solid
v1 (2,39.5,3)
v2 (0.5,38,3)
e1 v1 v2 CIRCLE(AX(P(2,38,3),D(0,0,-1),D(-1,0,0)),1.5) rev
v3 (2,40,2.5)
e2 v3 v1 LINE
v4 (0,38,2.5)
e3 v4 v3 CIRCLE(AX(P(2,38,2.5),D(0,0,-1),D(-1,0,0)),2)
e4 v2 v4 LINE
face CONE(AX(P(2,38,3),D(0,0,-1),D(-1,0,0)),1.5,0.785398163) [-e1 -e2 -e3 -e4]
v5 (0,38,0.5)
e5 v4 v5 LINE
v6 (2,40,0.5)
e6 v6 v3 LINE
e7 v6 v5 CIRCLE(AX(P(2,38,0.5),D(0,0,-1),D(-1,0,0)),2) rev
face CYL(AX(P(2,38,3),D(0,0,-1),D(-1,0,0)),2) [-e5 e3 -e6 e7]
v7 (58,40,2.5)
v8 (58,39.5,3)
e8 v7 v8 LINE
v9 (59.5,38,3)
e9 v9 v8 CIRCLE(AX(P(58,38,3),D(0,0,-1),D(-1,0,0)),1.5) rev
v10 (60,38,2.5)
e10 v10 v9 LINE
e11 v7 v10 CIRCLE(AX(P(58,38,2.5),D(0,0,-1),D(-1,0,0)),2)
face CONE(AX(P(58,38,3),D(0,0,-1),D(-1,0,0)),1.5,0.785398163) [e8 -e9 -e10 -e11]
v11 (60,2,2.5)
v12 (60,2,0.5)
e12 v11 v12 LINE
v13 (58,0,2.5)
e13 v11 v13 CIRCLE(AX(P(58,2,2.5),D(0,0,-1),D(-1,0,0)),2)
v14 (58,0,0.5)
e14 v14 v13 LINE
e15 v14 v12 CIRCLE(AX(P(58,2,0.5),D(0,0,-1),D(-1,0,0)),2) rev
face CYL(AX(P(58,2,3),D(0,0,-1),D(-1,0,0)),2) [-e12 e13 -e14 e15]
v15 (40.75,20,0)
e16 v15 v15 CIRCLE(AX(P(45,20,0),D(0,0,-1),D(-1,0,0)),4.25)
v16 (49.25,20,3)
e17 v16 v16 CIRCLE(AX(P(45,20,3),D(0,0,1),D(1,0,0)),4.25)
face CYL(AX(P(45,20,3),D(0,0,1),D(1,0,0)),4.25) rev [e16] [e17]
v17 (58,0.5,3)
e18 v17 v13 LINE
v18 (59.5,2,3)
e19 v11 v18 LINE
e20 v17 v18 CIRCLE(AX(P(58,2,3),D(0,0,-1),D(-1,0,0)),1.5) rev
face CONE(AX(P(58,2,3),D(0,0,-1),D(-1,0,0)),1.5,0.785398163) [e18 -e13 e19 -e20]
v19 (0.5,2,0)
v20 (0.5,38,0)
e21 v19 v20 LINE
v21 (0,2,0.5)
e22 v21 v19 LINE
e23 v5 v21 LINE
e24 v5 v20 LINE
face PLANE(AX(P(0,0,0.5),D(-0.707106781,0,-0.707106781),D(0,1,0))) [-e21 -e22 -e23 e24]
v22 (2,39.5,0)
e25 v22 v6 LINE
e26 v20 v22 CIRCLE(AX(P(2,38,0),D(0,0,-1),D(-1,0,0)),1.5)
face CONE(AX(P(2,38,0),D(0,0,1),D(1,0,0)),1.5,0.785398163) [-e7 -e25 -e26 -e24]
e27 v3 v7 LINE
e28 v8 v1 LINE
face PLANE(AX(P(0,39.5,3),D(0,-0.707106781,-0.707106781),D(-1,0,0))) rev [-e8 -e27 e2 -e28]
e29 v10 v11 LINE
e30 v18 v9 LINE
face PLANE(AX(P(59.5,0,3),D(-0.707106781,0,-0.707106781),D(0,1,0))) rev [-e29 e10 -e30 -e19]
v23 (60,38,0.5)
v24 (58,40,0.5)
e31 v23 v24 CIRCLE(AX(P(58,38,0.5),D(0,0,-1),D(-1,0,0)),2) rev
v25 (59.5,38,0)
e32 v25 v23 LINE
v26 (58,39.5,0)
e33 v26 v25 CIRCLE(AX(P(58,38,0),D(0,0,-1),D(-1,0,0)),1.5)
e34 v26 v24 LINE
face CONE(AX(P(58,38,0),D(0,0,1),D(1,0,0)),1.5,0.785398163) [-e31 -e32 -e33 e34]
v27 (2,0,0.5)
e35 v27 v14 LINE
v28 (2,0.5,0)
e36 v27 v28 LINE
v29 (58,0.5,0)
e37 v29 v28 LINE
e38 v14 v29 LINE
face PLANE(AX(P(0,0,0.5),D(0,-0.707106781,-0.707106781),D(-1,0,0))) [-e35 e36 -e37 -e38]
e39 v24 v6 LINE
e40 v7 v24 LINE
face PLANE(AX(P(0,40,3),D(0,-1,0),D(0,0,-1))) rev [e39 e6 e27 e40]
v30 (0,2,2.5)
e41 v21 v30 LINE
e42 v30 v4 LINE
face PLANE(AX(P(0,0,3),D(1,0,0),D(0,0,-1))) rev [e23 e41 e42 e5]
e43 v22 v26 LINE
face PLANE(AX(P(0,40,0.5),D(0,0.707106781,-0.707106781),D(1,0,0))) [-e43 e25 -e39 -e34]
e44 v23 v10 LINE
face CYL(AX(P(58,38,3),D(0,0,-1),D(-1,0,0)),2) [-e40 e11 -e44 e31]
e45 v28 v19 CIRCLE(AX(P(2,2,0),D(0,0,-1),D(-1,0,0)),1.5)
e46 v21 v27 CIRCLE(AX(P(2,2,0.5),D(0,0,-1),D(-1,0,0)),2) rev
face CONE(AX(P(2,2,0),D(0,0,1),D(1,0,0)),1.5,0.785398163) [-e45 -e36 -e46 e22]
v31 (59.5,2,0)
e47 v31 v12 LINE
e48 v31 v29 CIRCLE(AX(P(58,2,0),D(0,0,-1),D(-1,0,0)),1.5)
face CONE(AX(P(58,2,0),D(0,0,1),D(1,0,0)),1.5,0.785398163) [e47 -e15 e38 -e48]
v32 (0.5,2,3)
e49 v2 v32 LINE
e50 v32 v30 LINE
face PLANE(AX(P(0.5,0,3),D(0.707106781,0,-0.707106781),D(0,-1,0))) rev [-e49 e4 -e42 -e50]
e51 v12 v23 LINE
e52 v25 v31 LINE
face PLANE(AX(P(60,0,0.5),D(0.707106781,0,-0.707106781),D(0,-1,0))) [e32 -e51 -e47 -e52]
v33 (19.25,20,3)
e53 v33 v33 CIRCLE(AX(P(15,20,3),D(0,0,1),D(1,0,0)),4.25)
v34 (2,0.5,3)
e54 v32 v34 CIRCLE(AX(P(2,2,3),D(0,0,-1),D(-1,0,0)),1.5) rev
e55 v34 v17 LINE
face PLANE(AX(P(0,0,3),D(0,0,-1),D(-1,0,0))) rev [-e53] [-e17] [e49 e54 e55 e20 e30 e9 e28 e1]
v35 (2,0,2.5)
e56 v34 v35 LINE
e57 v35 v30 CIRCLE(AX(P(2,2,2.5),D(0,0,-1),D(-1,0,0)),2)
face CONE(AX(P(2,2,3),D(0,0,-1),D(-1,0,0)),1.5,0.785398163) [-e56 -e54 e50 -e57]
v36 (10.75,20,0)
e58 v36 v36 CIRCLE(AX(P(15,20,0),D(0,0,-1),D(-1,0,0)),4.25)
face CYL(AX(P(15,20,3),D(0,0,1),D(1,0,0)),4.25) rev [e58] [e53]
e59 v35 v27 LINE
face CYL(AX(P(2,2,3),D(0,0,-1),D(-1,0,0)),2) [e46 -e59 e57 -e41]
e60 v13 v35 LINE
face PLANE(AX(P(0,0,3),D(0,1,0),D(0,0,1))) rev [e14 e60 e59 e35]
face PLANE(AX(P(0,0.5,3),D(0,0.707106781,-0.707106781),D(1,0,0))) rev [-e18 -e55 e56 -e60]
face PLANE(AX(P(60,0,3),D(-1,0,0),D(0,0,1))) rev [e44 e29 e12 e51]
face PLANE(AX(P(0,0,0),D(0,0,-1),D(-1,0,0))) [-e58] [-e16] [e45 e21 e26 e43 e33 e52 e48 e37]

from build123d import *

# Parameters (mm, degrees)
SZKIC1_W                    = 60
SZKIC1_H                    = 40
DODANIE_WYCI_GNI_CIE1_DEPTH = 3
OTW_R_GWINTOWANY_M101_D     = 8.5
OTW_R_GWINTOWANY_M101_DEPTH = 27.5
OTW_R_GWINTOWANY_M101_TIP   = 2.553657631
ZAOKR_GLENIE1_R             = 2
SFAZOWANIE1_SIZE            = 0.5


with BuildPart() as part:
    # Szkic1 → Dodanie-wyciągnięcie1 (new body)
    with BuildSketch(Plane.XY):
        with Locations((30, 20)):
            Rectangle(SZKIC1_W, SZKIC1_H)
    extrude(amount=DODANIE_WYCI_GNI_CIE1_DEPTH)

    # Otwór gwintowany M101
    with Locations(Plane.XY.offset(3)):
        with Locations((15, 20), (45, 20)):
            Hole(OTW_R_GWINTOWANY_M101_D / 2, depth=OTW_R_GWINTOWANY_M101_DEPTH)
            with Locations((0, 0, -(OTW_R_GWINTOWANY_M101_DEPTH + OTW_R_GWINTOWANY_M101_TIP / 2))):  # 118° drill point
                Cone(0, OTW_R_GWINTOWANY_M101_D / 2, OTW_R_GWINTOWANY_M101_TIP, mode=Mode.SUBTRACT)

    # Zaokrąglenie1
    zaokr_glenie1_edges = [part.edges().sort_by_distance(p)[0] for p in [
        (0, 40, 1.5),
        (60, 40, 1.5),
        (60, 0, 1.5),
        (0, 0, 1.5),
    ]]
    fillet(zaokr_glenie1_edges, radius=ZAOKR_GLENIE1_R)

    # Sfazowanie1
    sfazowanie1_edges = [part.edges().sort_by_distance(p)[0] for p in [
        (60, 20, 0),
        (60, 20, 3),
        (0, 20, 0),
        (30, 40, 0),
        (30, 0, 0),
        (59.414213562, 39.414213562, 0),
        (0.585786438, 39.414213562, 0),
        (0.585786438, 0.585786438, 0),
        (59.414213562, 0.585786438, 0),
        (30, 0, 3),
        (0, 20, 3),
        (30, 40, 3),
        (59.414213562, 39.414213562, 3),
        (0.585786438, 39.414213562, 3),
        (0.585786438, 0.585786438, 3),
        (59.414213562, 0.585786438, 3),
    ]]
    chamfer(sfazowanie1_edges, length=SFAZOWANIE1_SIZE)


solid = part.part
